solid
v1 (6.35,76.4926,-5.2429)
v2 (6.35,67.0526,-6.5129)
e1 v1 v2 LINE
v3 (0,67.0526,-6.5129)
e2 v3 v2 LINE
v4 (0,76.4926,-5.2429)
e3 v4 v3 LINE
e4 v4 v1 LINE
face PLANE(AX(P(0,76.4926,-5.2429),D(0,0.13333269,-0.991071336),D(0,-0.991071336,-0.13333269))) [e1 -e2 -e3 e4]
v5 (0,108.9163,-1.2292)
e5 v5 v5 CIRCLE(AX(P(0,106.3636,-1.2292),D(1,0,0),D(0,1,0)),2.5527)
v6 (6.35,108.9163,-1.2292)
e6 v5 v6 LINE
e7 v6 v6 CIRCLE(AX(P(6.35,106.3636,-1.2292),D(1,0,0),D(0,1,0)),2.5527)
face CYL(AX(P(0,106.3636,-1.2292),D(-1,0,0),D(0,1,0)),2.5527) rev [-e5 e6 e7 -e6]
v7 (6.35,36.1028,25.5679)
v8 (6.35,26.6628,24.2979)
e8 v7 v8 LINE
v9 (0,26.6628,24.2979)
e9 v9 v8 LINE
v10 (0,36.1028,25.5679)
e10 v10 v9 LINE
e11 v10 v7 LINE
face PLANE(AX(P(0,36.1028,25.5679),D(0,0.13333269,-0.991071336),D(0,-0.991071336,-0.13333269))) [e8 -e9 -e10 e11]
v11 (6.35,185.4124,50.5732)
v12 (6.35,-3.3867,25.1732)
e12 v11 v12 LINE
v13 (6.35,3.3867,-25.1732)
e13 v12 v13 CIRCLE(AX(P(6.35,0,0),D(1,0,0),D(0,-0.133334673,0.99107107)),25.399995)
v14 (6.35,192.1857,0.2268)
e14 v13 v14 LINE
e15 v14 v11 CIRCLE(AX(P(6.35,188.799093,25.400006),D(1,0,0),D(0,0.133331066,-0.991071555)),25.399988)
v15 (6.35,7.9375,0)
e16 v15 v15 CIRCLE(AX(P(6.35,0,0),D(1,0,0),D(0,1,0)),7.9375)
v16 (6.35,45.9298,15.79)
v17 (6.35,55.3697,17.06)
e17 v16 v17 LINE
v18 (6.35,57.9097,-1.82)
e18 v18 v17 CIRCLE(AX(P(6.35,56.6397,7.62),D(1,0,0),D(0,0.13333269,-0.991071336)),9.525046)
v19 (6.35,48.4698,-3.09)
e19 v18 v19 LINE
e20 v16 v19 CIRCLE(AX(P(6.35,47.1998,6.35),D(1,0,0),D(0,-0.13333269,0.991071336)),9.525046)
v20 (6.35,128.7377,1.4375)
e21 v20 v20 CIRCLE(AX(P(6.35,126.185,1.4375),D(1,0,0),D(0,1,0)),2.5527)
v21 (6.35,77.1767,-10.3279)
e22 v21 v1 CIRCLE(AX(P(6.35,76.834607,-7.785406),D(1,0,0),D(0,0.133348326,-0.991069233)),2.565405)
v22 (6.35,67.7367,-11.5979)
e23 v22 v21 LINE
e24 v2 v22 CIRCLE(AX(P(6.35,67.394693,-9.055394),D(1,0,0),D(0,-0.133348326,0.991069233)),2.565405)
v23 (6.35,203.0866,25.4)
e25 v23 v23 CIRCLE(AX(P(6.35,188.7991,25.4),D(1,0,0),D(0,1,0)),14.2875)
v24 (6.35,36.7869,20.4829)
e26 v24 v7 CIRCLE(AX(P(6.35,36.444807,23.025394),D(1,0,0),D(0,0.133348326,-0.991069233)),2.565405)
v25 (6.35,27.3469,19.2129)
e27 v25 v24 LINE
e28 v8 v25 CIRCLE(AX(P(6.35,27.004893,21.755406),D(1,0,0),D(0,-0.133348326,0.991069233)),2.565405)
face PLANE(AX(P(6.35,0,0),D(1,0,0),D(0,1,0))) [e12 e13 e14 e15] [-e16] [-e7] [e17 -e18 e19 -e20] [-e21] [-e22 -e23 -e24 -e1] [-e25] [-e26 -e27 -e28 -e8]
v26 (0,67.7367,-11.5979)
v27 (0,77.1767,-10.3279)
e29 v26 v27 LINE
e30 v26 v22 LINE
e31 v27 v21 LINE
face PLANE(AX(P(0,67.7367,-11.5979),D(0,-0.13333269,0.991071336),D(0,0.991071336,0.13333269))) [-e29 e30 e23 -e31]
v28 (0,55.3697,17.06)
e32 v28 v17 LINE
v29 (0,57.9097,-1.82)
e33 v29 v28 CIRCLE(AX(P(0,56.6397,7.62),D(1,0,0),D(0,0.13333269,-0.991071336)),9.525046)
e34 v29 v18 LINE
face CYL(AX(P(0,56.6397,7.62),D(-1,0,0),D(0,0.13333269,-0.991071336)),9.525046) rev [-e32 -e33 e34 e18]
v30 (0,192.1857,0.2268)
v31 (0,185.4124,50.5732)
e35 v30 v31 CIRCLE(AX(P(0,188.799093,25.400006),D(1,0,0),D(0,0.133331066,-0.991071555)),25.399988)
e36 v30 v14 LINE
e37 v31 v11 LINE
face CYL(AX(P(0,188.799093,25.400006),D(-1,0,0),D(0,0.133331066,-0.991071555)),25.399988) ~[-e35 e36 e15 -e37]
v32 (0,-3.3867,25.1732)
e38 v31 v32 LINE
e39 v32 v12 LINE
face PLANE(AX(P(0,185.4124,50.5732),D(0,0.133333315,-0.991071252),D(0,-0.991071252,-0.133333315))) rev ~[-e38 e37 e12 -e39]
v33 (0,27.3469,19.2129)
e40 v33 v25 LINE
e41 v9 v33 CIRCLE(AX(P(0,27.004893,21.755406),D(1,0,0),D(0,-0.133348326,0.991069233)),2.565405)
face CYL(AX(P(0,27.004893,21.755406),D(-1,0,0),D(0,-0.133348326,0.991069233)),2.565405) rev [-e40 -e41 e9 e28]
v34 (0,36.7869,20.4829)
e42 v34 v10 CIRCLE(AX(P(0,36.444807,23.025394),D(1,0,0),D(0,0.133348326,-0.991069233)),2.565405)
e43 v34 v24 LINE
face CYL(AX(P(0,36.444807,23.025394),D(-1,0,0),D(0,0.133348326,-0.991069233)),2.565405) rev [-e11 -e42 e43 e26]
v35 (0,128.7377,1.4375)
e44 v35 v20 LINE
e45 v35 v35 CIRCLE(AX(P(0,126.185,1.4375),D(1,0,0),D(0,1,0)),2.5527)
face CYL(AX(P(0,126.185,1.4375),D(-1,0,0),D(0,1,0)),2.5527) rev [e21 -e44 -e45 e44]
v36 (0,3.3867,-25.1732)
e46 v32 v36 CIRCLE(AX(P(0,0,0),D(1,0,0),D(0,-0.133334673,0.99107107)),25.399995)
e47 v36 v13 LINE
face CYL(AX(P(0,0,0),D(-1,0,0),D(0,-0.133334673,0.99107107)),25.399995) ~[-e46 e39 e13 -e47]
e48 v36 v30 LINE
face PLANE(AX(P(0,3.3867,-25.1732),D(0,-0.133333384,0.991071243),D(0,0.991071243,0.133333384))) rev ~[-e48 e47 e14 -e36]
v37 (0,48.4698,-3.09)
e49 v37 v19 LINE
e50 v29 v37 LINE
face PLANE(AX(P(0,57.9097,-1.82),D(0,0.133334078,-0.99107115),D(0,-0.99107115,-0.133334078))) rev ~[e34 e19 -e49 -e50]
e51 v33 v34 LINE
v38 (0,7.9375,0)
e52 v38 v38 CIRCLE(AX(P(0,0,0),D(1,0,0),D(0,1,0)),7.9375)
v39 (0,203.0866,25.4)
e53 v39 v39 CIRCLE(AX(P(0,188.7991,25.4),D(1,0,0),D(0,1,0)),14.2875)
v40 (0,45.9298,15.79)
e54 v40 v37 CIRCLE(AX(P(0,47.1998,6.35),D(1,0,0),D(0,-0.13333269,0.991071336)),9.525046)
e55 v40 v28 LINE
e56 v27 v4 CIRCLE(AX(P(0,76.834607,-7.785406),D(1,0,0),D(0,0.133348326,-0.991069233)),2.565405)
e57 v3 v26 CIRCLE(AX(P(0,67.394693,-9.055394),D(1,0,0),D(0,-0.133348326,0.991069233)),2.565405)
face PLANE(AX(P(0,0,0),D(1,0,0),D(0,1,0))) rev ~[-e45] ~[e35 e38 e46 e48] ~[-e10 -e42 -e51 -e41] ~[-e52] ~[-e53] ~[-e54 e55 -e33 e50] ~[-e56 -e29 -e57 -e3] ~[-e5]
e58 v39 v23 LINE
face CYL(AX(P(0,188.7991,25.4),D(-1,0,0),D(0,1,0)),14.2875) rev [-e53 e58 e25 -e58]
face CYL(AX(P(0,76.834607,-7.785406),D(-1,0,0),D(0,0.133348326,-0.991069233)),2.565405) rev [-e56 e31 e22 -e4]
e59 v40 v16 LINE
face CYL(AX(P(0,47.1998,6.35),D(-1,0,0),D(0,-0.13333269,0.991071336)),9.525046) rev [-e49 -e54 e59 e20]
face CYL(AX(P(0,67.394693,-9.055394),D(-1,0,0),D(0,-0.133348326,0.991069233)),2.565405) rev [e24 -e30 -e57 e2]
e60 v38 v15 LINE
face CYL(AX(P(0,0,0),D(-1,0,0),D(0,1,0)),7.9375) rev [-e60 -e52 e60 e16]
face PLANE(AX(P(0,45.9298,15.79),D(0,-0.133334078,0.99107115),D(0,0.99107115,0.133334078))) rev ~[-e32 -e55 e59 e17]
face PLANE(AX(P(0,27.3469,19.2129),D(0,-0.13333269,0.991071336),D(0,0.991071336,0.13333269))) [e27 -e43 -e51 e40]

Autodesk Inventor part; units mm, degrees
ref_plane "YZ Plane" through (0, 0, 0) normal (1, 0, 0) x (0, 1, 0)
ref_plane "XZ Plane" through (0, 0, 0) normal (0, 1, 0) x (-1, 0, 0)
ref_plane "XY Plane" through (0, 0, 0) normal (0, 0, 1) x (1, 0, 0)
sketch "Sketch1" plane through (0, 0, 0) normal (1, 0, 0) x (0, 1, 0)
  circle A0 centre (0, 0) radius 7.9375
  arc A1 (-3.3867, 25.1732) -> (3.3867, -25.1732) centre (0, 0) ccw
  line L0 (3.3867, -25.1732) -> (192.1857, 0.2268)
  line L1 (0, -25.4) -> (385.0288, -25.4) construction
  circle A2 centre (56.6397, 7.62) radius 31.75 construction
  line L2 (56.6397, 7.62) -> (47.1998, 6.35) construction
  line L3 (57.9097, -1.82) -> (48.4698, -3.09)
  line L4 (45.9298, 15.79) -> (55.3697, 17.06)
  arc A3 (57.9097, -1.82) -> (55.3697, 17.06) centre (56.6397, 7.62) ccw
  arc A4 (45.9298, 15.79) -> (48.4698, -3.09) centre (47.1998, 6.35) ccw
  circle A5 centre (188.7991, 25.4) radius 50.8 construction
  circle A6 centre (188.7991, 25.4) radius 14.2875
  line L5 (137.4291, -7.1399) -> (134.7624, 12.6815) construction
  line L6 (134.7624, 12.6815) -> (95.1195, 7.3482) construction
  line L7 (95.1195, 7.3482) -> (97.7862, -12.4732) construction
  circle A7 centre (47.1998, 6.35) radius 31.75 construction
  line L8 (76.8346, -7.7854) -> (67.3947, -9.0554) construction
  line L9 (76.4926, -5.2429) -> (67.0526, -6.5129)
  line L10 (67.7367, -11.5979) -> (77.1767, -10.3279)
  arc A8 (77.1767, -10.3279) -> (76.4926, -5.2429) centre (76.8346, -7.7854) ccw
  arc A9 (67.0526, -6.5129) -> (67.7367, -11.5979) centre (67.3947, -9.0554) ccw
  line L11 (36.4448, 23.0254) -> (27.0049, 21.7554) construction
  line L12 (36.1028, 25.5679) -> (26.6628, 24.2979)
  line L13 (27.3469, 19.2129) -> (36.7869, 20.4829)
  arc A10 (36.7869, 20.4829) -> (36.1028, 25.5679) centre (36.4448, 23.0254) ccw
  arc A11 (26.6628, 24.2979) -> (27.3469, 19.2129) centre (27.0049, 21.7554) ccw
  line L14 (56.6397, 7.62) -> (76.8346, -7.7854) construction
  line L15 (56.6397, 7.62) -> (36.4448, 23.0254) construction
  line L16 (56.6397, 7.62) -> (88.1062, 11.8533) construction
  circle A12 centre (126.185, 1.4375) radius 2.5527
  circle A13 centre (106.3636, -1.2292) radius 2.5527
  line L17 (126.185, 1.4375) -> (106.3636, -1.2292) construction
  line L18 (126.185, 1.4375) -> (136.0957, 2.7708) construction
  line L19 (106.3636, -1.2292) -> (96.4529, -2.5625) construction
  line L20 (0, 0) -> (239.1455, 32.1733) construction
  arc A14 (192.1857, 0.2268) -> (185.4124, 50.5732) centre (188.7991, 25.4) ccw
  line L21 (185.4124, 50.5732) -> (-3.3867, 25.1732)
  point P0 (51.9197, 6.985)
  point P1 (72.1146, -8.4204)
  point P2 (31.7249, 22.3904)
  dimension "d1" = 63.5
  dimension "d5" = 101.6
  dimension "d0" = 15.875
  dimension "d2" = 50.8
  dimension "d3" = 9.525
  dimension "d4" = 9.525
  dimension "d6" = 28.575
  dimension "d8" = 20
  dimension "d9" = 40
  dimension "d11" = 2.5654
  dimension "d12" = 25.4
  dimension "d15" = 25.4
  dimension "d16" = 45
  dimension "d17" = 47.625
  dimension "d18" = 6.35
  dimension "d19" = 5.1054
  dimension "d20" = 20
  dimension "d21" = 241.3
extrude "Extrusion1" add sketch "Sketch1" along normal blind 6.35
properties part number "Arm Plates"
